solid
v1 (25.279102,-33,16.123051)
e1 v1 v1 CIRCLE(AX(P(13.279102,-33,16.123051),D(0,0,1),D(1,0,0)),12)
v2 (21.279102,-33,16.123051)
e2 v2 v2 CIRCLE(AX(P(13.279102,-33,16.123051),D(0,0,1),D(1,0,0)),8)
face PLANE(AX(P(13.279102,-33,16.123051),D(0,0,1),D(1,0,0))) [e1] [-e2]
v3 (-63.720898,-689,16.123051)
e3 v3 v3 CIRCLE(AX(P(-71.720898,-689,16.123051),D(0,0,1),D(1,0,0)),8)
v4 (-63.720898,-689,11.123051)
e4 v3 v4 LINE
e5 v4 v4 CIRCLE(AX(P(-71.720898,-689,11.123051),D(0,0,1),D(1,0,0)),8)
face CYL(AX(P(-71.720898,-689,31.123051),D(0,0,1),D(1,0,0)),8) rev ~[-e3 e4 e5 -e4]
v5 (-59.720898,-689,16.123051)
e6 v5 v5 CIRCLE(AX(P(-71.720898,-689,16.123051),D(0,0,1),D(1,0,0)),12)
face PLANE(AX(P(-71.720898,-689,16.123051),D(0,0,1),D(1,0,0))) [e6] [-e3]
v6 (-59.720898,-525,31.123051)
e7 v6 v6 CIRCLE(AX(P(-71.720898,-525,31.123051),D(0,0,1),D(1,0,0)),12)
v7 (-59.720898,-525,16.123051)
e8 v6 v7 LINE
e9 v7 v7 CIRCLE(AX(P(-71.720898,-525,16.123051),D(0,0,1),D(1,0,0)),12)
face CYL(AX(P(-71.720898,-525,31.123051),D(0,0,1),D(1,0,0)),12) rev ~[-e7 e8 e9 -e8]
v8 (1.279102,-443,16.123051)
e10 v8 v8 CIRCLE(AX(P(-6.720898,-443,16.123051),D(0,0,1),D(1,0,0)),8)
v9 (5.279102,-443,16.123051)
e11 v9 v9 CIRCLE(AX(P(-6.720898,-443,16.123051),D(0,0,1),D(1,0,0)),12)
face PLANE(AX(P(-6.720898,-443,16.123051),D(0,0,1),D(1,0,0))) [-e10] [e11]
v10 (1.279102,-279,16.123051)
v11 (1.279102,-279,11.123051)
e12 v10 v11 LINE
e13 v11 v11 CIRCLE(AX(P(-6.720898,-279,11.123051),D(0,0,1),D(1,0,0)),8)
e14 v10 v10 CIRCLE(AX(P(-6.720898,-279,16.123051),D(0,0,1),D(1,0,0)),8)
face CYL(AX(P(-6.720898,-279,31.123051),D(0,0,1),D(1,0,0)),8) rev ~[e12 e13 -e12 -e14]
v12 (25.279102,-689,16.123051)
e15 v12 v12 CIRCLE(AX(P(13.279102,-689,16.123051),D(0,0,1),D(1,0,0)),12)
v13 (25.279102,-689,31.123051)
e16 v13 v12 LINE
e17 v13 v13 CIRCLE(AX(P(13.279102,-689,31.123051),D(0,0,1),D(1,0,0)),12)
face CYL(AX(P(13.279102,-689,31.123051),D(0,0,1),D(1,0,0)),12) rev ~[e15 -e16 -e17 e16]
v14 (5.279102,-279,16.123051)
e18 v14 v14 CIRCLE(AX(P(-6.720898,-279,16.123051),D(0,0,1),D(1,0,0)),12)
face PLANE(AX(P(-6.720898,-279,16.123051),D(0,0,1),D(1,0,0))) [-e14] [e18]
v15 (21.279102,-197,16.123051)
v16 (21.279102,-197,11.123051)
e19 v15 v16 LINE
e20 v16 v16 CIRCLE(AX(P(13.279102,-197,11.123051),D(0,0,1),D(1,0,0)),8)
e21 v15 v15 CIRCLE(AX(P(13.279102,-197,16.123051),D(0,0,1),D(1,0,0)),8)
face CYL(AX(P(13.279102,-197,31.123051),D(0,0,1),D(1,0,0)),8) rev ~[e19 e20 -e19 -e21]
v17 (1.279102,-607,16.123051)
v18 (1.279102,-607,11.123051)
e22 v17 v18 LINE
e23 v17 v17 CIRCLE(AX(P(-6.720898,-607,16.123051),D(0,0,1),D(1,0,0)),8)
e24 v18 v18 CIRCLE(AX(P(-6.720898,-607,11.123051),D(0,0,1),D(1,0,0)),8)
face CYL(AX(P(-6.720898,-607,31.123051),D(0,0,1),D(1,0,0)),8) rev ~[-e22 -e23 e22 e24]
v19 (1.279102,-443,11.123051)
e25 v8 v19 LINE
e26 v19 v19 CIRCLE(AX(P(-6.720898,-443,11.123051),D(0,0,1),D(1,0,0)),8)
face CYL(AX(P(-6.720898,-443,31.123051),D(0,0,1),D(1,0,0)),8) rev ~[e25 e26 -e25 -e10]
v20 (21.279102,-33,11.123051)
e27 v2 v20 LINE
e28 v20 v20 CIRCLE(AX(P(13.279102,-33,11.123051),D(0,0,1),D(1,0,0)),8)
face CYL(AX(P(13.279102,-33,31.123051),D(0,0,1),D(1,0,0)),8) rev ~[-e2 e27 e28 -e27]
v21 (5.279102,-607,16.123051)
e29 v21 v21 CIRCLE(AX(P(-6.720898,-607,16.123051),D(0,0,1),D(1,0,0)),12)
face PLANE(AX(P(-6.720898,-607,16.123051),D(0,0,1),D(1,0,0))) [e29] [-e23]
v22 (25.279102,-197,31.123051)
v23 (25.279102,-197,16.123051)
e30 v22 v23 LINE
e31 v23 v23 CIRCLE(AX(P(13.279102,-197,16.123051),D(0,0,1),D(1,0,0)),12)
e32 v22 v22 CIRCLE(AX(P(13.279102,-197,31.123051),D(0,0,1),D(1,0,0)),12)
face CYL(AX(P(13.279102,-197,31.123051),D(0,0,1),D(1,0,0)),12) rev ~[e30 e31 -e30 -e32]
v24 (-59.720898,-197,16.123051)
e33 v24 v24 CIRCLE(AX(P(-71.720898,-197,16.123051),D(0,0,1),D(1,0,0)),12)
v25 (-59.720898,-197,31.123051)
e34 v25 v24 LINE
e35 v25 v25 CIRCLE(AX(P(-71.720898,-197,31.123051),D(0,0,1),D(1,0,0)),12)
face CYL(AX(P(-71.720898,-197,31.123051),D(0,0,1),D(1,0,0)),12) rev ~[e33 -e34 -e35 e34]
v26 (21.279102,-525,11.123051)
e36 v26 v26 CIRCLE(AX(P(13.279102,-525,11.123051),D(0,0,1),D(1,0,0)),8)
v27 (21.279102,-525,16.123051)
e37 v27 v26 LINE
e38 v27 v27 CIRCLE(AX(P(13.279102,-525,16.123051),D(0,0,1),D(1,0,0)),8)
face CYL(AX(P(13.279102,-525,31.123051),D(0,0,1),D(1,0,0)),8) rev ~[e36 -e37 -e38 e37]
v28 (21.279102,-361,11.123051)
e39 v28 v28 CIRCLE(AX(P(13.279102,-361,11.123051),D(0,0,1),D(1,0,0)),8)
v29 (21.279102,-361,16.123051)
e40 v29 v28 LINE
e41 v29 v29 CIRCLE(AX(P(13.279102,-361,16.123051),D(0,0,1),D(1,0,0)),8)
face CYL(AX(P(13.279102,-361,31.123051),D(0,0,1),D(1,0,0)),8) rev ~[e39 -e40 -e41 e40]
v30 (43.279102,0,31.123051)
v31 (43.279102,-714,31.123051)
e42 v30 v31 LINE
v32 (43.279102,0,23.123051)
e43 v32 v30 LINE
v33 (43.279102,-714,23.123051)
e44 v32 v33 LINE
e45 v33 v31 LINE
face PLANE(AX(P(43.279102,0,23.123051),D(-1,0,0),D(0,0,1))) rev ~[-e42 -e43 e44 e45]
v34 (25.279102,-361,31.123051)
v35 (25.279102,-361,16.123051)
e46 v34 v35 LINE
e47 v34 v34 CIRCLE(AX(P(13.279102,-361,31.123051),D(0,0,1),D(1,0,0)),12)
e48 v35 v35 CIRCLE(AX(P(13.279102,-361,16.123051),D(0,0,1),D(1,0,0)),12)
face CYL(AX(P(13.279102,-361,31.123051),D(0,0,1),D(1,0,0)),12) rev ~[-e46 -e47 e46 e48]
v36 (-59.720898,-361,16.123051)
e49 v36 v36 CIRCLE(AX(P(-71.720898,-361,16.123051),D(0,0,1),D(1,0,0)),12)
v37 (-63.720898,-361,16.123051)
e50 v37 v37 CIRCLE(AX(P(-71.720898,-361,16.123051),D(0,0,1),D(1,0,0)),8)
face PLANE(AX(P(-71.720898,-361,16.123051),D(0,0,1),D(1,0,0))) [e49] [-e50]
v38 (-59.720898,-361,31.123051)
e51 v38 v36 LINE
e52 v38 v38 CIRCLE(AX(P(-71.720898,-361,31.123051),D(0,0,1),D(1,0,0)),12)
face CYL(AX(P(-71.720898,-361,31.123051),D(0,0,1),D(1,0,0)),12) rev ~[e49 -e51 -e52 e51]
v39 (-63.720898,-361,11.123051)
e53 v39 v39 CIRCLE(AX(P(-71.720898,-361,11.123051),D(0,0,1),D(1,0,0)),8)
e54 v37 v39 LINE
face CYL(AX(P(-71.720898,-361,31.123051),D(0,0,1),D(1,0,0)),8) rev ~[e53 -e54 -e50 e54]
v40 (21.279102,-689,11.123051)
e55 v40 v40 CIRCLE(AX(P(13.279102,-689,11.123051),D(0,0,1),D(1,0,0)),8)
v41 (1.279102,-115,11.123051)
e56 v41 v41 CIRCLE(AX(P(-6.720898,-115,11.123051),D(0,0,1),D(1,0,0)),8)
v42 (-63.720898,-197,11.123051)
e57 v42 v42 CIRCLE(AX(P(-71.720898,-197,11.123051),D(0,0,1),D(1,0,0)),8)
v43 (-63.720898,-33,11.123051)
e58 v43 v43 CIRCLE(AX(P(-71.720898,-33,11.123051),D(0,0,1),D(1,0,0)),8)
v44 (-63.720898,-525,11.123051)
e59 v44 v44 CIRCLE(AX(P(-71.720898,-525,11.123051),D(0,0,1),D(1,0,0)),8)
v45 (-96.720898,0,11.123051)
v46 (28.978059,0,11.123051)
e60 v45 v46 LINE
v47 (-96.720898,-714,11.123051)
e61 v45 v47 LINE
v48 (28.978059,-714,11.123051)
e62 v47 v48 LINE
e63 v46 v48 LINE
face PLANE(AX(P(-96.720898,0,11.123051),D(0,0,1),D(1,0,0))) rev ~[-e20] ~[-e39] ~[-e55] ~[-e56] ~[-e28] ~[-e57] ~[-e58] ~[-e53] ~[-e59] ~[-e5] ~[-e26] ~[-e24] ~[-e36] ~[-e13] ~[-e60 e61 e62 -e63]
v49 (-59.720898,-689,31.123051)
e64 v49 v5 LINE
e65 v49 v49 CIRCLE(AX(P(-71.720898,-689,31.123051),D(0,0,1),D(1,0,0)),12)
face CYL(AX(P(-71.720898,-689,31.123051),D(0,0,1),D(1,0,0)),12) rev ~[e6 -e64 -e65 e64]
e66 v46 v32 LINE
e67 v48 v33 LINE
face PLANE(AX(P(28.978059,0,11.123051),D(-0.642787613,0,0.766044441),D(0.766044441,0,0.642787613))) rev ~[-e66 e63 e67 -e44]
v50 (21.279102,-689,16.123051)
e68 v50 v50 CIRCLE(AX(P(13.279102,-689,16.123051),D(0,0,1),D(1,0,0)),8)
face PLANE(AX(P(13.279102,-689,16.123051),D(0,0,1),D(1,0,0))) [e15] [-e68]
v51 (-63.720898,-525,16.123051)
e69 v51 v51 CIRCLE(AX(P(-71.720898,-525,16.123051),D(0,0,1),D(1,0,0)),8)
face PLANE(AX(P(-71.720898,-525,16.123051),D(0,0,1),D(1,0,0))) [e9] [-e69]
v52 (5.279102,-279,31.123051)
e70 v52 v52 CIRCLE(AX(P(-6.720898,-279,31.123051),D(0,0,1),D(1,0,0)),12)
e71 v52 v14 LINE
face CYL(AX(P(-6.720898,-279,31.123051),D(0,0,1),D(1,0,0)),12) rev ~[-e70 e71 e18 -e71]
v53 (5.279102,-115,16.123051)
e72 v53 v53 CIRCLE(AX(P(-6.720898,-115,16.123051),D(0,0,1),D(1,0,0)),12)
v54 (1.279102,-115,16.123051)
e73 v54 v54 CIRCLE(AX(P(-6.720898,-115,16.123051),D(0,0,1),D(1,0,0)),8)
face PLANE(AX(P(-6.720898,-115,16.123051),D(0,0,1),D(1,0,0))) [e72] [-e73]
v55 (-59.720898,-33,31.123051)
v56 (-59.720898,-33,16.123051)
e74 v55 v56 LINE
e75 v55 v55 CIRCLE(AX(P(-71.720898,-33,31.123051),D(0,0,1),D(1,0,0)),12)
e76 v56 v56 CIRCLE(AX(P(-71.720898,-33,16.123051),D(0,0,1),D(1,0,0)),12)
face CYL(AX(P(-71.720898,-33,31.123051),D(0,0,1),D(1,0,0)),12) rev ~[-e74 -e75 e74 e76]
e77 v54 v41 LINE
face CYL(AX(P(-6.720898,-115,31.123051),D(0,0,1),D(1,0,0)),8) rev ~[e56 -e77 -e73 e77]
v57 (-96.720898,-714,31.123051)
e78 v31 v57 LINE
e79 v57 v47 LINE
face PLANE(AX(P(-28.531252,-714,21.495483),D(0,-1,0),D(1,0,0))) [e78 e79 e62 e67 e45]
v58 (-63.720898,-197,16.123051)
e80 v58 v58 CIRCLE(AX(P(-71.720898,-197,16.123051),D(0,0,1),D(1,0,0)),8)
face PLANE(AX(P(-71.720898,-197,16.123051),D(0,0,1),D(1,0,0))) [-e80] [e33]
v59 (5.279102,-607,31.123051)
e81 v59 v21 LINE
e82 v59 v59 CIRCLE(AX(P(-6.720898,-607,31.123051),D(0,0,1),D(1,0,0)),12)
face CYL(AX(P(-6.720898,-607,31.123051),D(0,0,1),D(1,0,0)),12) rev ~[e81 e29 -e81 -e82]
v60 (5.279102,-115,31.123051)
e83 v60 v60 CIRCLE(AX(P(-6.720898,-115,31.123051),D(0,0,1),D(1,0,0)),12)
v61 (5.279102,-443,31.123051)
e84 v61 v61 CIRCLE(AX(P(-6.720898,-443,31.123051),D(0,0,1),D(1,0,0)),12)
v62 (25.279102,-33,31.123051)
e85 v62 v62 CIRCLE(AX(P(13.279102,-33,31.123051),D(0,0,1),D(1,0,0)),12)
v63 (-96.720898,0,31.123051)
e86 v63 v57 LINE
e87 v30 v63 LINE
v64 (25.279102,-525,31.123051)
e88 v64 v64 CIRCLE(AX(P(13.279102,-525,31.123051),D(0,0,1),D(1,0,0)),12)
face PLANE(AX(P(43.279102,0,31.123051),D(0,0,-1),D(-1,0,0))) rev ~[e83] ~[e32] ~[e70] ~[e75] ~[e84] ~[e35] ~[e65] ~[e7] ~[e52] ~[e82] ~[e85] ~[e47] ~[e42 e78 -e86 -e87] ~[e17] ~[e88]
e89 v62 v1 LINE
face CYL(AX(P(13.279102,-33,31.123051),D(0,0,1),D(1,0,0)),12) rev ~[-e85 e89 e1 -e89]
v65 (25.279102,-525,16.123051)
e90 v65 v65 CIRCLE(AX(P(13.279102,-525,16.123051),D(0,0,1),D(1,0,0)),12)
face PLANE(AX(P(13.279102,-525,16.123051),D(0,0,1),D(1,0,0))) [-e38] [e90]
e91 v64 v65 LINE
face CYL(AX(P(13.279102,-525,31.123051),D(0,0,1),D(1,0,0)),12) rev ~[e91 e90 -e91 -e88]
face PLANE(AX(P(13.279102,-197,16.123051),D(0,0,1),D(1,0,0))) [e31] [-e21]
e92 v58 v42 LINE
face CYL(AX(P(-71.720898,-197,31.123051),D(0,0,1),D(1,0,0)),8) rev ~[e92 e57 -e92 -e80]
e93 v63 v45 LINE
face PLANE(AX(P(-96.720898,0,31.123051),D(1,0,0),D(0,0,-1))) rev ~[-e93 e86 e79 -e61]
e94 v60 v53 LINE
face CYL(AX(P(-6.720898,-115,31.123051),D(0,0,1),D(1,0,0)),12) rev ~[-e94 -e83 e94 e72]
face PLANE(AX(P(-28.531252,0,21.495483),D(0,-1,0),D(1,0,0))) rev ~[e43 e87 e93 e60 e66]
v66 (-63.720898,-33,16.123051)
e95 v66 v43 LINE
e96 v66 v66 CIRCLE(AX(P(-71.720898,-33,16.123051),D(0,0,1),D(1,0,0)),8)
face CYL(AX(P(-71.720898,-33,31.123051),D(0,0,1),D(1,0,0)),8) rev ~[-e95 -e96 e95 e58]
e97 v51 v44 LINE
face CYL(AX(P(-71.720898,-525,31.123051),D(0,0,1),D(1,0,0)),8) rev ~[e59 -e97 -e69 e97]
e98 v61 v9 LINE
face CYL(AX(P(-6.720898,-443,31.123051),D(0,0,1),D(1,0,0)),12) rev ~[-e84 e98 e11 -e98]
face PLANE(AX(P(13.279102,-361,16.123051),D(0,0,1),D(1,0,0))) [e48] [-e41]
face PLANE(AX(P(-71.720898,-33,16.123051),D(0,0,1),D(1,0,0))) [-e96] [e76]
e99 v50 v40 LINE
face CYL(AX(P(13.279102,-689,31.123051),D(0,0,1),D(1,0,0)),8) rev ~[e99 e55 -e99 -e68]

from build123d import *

# Parameters (mm, degrees)
F1_DEPTH = 714
F2_R     = 8
F3_DEPTH = 20
F2_R_2   = 12
F4_DEPTH = 15


with BuildPart() as f1:
    # F0 (on Front) → F1 (new body)
    with BuildSketch(Plane.XZ):
        Polygon((43.279102, 31.123051), (-96.720898, 31.123051), (-96.720898, 11.123051), (28.978059, 11.123051), (43.279102, 23.123051), align=None)
    extrude(amount=F1_DEPTH)

    # F2 (on face) → F3 (cut)
    with BuildSketch(Plane.XY.offset(31.123051)):
        with Locations((13.279102, -689)):
            Circle(F2_R)
        with Locations((-71.720898, -689)):
            Circle(F2_R)
        with Locations((-6.720898, -607)):
            Circle(F2_R)
        with Locations((13.279102, -525)):
            Circle(F2_R)
        with Locations((-71.720898, -525)):
            Circle(F2_R)
        with Locations((-6.720898, -443)):
            Circle(F2_R)
        with Locations((13.279102, -361)):
            Circle(F2_R)
        with Locations((-71.720898, -361)):
            Circle(F2_R)
        with Locations((-6.720898, -279)):
            Circle(F2_R)
        with Locations((13.279102, -197)):
            Circle(F2_R)
        with Locations((-71.720898, -197)):
            Circle(F2_R)
        with Locations((-6.720898, -115)):
            Circle(F2_R)
        with Locations((13.279102, -33)):
            Circle(F2_R)
        with Locations((-71.720898, -33)):
            Circle(F2_R)
    extrude(amount=-F3_DEPTH, mode=Mode.SUBTRACT)

    # F2 (on face) → F4 (cut)
    with BuildSketch(Plane.XY.offset(31.123051)):
        with Locations((-71.720898, -689)):
            Circle(F2_R_2)
        with Locations((-71.720898, -689)):
            Circle(F2_R, mode=Mode.SUBTRACT)
        with Locations((13.279102, -689)):
            Circle(F2_R_2)
        with Locations((13.279102, -689)):
            Circle(F2_R, mode=Mode.SUBTRACT)
        with Locations((-6.720898, -607)):
            Circle(F2_R_2)
        with Locations((-6.720898, -607)):
            Circle(F2_R, mode=Mode.SUBTRACT)
        with Locations((13.279102, -525)):
            Circle(F2_R_2)
        with Locations((13.279102, -525)):
            Circle(F2_R, mode=Mode.SUBTRACT)
        with Locations((-71.720898, -525)):
            Circle(F2_R_2)
        with Locations((-71.720898, -525)):
            Circle(F2_R, mode=Mode.SUBTRACT)
        with Locations((-6.720898, -443)):
            Circle(F2_R_2)
        with Locations((-6.720898, -443)):
            Circle(F2_R, mode=Mode.SUBTRACT)
        with Locations((13.279102, -361)):
            Circle(F2_R_2)
        with Locations((13.279102, -361)):
            Circle(F2_R, mode=Mode.SUBTRACT)
        with Locations((-71.720898, -361)):
            Circle(F2_R_2)
        with Locations((-71.720898, -361)):
            Circle(F2_R, mode=Mode.SUBTRACT)
        with Locations((-6.720898, -279)):
            Circle(F2_R_2)
        with Locations((-6.720898, -279)):
            Circle(F2_R, mode=Mode.SUBTRACT)
        with Locations((13.279102, -197)):
            Circle(F2_R_2)
        with Locations((13.279102, -197)):
            Circle(F2_R, mode=Mode.SUBTRACT)
        with Locations((-71.720898, -197)):
            Circle(F2_R_2)
        with Locations((-71.720898, -197)):
            Circle(F2_R, mode=Mode.SUBTRACT)
        with Locations((-6.720898, -115)):
            Circle(F2_R_2)
        with Locations((-6.720898, -115)):
            Circle(F2_R, mode=Mode.SUBTRACT)
        with Locations((13.279102, -33)):
            Circle(F2_R_2)
        with Locations((13.279102, -33)):
            Circle(F2_R, mode=Mode.SUBTRACT)
        with Locations((-71.720898, -33)):
            Circle(F2_R_2)
        with Locations((-71.720898, -33)):
            Circle(F2_R, mode=Mode.SUBTRACT)
    extrude(amount=-F4_DEPTH, mode=Mode.SUBTRACT)


solid = f1.part
